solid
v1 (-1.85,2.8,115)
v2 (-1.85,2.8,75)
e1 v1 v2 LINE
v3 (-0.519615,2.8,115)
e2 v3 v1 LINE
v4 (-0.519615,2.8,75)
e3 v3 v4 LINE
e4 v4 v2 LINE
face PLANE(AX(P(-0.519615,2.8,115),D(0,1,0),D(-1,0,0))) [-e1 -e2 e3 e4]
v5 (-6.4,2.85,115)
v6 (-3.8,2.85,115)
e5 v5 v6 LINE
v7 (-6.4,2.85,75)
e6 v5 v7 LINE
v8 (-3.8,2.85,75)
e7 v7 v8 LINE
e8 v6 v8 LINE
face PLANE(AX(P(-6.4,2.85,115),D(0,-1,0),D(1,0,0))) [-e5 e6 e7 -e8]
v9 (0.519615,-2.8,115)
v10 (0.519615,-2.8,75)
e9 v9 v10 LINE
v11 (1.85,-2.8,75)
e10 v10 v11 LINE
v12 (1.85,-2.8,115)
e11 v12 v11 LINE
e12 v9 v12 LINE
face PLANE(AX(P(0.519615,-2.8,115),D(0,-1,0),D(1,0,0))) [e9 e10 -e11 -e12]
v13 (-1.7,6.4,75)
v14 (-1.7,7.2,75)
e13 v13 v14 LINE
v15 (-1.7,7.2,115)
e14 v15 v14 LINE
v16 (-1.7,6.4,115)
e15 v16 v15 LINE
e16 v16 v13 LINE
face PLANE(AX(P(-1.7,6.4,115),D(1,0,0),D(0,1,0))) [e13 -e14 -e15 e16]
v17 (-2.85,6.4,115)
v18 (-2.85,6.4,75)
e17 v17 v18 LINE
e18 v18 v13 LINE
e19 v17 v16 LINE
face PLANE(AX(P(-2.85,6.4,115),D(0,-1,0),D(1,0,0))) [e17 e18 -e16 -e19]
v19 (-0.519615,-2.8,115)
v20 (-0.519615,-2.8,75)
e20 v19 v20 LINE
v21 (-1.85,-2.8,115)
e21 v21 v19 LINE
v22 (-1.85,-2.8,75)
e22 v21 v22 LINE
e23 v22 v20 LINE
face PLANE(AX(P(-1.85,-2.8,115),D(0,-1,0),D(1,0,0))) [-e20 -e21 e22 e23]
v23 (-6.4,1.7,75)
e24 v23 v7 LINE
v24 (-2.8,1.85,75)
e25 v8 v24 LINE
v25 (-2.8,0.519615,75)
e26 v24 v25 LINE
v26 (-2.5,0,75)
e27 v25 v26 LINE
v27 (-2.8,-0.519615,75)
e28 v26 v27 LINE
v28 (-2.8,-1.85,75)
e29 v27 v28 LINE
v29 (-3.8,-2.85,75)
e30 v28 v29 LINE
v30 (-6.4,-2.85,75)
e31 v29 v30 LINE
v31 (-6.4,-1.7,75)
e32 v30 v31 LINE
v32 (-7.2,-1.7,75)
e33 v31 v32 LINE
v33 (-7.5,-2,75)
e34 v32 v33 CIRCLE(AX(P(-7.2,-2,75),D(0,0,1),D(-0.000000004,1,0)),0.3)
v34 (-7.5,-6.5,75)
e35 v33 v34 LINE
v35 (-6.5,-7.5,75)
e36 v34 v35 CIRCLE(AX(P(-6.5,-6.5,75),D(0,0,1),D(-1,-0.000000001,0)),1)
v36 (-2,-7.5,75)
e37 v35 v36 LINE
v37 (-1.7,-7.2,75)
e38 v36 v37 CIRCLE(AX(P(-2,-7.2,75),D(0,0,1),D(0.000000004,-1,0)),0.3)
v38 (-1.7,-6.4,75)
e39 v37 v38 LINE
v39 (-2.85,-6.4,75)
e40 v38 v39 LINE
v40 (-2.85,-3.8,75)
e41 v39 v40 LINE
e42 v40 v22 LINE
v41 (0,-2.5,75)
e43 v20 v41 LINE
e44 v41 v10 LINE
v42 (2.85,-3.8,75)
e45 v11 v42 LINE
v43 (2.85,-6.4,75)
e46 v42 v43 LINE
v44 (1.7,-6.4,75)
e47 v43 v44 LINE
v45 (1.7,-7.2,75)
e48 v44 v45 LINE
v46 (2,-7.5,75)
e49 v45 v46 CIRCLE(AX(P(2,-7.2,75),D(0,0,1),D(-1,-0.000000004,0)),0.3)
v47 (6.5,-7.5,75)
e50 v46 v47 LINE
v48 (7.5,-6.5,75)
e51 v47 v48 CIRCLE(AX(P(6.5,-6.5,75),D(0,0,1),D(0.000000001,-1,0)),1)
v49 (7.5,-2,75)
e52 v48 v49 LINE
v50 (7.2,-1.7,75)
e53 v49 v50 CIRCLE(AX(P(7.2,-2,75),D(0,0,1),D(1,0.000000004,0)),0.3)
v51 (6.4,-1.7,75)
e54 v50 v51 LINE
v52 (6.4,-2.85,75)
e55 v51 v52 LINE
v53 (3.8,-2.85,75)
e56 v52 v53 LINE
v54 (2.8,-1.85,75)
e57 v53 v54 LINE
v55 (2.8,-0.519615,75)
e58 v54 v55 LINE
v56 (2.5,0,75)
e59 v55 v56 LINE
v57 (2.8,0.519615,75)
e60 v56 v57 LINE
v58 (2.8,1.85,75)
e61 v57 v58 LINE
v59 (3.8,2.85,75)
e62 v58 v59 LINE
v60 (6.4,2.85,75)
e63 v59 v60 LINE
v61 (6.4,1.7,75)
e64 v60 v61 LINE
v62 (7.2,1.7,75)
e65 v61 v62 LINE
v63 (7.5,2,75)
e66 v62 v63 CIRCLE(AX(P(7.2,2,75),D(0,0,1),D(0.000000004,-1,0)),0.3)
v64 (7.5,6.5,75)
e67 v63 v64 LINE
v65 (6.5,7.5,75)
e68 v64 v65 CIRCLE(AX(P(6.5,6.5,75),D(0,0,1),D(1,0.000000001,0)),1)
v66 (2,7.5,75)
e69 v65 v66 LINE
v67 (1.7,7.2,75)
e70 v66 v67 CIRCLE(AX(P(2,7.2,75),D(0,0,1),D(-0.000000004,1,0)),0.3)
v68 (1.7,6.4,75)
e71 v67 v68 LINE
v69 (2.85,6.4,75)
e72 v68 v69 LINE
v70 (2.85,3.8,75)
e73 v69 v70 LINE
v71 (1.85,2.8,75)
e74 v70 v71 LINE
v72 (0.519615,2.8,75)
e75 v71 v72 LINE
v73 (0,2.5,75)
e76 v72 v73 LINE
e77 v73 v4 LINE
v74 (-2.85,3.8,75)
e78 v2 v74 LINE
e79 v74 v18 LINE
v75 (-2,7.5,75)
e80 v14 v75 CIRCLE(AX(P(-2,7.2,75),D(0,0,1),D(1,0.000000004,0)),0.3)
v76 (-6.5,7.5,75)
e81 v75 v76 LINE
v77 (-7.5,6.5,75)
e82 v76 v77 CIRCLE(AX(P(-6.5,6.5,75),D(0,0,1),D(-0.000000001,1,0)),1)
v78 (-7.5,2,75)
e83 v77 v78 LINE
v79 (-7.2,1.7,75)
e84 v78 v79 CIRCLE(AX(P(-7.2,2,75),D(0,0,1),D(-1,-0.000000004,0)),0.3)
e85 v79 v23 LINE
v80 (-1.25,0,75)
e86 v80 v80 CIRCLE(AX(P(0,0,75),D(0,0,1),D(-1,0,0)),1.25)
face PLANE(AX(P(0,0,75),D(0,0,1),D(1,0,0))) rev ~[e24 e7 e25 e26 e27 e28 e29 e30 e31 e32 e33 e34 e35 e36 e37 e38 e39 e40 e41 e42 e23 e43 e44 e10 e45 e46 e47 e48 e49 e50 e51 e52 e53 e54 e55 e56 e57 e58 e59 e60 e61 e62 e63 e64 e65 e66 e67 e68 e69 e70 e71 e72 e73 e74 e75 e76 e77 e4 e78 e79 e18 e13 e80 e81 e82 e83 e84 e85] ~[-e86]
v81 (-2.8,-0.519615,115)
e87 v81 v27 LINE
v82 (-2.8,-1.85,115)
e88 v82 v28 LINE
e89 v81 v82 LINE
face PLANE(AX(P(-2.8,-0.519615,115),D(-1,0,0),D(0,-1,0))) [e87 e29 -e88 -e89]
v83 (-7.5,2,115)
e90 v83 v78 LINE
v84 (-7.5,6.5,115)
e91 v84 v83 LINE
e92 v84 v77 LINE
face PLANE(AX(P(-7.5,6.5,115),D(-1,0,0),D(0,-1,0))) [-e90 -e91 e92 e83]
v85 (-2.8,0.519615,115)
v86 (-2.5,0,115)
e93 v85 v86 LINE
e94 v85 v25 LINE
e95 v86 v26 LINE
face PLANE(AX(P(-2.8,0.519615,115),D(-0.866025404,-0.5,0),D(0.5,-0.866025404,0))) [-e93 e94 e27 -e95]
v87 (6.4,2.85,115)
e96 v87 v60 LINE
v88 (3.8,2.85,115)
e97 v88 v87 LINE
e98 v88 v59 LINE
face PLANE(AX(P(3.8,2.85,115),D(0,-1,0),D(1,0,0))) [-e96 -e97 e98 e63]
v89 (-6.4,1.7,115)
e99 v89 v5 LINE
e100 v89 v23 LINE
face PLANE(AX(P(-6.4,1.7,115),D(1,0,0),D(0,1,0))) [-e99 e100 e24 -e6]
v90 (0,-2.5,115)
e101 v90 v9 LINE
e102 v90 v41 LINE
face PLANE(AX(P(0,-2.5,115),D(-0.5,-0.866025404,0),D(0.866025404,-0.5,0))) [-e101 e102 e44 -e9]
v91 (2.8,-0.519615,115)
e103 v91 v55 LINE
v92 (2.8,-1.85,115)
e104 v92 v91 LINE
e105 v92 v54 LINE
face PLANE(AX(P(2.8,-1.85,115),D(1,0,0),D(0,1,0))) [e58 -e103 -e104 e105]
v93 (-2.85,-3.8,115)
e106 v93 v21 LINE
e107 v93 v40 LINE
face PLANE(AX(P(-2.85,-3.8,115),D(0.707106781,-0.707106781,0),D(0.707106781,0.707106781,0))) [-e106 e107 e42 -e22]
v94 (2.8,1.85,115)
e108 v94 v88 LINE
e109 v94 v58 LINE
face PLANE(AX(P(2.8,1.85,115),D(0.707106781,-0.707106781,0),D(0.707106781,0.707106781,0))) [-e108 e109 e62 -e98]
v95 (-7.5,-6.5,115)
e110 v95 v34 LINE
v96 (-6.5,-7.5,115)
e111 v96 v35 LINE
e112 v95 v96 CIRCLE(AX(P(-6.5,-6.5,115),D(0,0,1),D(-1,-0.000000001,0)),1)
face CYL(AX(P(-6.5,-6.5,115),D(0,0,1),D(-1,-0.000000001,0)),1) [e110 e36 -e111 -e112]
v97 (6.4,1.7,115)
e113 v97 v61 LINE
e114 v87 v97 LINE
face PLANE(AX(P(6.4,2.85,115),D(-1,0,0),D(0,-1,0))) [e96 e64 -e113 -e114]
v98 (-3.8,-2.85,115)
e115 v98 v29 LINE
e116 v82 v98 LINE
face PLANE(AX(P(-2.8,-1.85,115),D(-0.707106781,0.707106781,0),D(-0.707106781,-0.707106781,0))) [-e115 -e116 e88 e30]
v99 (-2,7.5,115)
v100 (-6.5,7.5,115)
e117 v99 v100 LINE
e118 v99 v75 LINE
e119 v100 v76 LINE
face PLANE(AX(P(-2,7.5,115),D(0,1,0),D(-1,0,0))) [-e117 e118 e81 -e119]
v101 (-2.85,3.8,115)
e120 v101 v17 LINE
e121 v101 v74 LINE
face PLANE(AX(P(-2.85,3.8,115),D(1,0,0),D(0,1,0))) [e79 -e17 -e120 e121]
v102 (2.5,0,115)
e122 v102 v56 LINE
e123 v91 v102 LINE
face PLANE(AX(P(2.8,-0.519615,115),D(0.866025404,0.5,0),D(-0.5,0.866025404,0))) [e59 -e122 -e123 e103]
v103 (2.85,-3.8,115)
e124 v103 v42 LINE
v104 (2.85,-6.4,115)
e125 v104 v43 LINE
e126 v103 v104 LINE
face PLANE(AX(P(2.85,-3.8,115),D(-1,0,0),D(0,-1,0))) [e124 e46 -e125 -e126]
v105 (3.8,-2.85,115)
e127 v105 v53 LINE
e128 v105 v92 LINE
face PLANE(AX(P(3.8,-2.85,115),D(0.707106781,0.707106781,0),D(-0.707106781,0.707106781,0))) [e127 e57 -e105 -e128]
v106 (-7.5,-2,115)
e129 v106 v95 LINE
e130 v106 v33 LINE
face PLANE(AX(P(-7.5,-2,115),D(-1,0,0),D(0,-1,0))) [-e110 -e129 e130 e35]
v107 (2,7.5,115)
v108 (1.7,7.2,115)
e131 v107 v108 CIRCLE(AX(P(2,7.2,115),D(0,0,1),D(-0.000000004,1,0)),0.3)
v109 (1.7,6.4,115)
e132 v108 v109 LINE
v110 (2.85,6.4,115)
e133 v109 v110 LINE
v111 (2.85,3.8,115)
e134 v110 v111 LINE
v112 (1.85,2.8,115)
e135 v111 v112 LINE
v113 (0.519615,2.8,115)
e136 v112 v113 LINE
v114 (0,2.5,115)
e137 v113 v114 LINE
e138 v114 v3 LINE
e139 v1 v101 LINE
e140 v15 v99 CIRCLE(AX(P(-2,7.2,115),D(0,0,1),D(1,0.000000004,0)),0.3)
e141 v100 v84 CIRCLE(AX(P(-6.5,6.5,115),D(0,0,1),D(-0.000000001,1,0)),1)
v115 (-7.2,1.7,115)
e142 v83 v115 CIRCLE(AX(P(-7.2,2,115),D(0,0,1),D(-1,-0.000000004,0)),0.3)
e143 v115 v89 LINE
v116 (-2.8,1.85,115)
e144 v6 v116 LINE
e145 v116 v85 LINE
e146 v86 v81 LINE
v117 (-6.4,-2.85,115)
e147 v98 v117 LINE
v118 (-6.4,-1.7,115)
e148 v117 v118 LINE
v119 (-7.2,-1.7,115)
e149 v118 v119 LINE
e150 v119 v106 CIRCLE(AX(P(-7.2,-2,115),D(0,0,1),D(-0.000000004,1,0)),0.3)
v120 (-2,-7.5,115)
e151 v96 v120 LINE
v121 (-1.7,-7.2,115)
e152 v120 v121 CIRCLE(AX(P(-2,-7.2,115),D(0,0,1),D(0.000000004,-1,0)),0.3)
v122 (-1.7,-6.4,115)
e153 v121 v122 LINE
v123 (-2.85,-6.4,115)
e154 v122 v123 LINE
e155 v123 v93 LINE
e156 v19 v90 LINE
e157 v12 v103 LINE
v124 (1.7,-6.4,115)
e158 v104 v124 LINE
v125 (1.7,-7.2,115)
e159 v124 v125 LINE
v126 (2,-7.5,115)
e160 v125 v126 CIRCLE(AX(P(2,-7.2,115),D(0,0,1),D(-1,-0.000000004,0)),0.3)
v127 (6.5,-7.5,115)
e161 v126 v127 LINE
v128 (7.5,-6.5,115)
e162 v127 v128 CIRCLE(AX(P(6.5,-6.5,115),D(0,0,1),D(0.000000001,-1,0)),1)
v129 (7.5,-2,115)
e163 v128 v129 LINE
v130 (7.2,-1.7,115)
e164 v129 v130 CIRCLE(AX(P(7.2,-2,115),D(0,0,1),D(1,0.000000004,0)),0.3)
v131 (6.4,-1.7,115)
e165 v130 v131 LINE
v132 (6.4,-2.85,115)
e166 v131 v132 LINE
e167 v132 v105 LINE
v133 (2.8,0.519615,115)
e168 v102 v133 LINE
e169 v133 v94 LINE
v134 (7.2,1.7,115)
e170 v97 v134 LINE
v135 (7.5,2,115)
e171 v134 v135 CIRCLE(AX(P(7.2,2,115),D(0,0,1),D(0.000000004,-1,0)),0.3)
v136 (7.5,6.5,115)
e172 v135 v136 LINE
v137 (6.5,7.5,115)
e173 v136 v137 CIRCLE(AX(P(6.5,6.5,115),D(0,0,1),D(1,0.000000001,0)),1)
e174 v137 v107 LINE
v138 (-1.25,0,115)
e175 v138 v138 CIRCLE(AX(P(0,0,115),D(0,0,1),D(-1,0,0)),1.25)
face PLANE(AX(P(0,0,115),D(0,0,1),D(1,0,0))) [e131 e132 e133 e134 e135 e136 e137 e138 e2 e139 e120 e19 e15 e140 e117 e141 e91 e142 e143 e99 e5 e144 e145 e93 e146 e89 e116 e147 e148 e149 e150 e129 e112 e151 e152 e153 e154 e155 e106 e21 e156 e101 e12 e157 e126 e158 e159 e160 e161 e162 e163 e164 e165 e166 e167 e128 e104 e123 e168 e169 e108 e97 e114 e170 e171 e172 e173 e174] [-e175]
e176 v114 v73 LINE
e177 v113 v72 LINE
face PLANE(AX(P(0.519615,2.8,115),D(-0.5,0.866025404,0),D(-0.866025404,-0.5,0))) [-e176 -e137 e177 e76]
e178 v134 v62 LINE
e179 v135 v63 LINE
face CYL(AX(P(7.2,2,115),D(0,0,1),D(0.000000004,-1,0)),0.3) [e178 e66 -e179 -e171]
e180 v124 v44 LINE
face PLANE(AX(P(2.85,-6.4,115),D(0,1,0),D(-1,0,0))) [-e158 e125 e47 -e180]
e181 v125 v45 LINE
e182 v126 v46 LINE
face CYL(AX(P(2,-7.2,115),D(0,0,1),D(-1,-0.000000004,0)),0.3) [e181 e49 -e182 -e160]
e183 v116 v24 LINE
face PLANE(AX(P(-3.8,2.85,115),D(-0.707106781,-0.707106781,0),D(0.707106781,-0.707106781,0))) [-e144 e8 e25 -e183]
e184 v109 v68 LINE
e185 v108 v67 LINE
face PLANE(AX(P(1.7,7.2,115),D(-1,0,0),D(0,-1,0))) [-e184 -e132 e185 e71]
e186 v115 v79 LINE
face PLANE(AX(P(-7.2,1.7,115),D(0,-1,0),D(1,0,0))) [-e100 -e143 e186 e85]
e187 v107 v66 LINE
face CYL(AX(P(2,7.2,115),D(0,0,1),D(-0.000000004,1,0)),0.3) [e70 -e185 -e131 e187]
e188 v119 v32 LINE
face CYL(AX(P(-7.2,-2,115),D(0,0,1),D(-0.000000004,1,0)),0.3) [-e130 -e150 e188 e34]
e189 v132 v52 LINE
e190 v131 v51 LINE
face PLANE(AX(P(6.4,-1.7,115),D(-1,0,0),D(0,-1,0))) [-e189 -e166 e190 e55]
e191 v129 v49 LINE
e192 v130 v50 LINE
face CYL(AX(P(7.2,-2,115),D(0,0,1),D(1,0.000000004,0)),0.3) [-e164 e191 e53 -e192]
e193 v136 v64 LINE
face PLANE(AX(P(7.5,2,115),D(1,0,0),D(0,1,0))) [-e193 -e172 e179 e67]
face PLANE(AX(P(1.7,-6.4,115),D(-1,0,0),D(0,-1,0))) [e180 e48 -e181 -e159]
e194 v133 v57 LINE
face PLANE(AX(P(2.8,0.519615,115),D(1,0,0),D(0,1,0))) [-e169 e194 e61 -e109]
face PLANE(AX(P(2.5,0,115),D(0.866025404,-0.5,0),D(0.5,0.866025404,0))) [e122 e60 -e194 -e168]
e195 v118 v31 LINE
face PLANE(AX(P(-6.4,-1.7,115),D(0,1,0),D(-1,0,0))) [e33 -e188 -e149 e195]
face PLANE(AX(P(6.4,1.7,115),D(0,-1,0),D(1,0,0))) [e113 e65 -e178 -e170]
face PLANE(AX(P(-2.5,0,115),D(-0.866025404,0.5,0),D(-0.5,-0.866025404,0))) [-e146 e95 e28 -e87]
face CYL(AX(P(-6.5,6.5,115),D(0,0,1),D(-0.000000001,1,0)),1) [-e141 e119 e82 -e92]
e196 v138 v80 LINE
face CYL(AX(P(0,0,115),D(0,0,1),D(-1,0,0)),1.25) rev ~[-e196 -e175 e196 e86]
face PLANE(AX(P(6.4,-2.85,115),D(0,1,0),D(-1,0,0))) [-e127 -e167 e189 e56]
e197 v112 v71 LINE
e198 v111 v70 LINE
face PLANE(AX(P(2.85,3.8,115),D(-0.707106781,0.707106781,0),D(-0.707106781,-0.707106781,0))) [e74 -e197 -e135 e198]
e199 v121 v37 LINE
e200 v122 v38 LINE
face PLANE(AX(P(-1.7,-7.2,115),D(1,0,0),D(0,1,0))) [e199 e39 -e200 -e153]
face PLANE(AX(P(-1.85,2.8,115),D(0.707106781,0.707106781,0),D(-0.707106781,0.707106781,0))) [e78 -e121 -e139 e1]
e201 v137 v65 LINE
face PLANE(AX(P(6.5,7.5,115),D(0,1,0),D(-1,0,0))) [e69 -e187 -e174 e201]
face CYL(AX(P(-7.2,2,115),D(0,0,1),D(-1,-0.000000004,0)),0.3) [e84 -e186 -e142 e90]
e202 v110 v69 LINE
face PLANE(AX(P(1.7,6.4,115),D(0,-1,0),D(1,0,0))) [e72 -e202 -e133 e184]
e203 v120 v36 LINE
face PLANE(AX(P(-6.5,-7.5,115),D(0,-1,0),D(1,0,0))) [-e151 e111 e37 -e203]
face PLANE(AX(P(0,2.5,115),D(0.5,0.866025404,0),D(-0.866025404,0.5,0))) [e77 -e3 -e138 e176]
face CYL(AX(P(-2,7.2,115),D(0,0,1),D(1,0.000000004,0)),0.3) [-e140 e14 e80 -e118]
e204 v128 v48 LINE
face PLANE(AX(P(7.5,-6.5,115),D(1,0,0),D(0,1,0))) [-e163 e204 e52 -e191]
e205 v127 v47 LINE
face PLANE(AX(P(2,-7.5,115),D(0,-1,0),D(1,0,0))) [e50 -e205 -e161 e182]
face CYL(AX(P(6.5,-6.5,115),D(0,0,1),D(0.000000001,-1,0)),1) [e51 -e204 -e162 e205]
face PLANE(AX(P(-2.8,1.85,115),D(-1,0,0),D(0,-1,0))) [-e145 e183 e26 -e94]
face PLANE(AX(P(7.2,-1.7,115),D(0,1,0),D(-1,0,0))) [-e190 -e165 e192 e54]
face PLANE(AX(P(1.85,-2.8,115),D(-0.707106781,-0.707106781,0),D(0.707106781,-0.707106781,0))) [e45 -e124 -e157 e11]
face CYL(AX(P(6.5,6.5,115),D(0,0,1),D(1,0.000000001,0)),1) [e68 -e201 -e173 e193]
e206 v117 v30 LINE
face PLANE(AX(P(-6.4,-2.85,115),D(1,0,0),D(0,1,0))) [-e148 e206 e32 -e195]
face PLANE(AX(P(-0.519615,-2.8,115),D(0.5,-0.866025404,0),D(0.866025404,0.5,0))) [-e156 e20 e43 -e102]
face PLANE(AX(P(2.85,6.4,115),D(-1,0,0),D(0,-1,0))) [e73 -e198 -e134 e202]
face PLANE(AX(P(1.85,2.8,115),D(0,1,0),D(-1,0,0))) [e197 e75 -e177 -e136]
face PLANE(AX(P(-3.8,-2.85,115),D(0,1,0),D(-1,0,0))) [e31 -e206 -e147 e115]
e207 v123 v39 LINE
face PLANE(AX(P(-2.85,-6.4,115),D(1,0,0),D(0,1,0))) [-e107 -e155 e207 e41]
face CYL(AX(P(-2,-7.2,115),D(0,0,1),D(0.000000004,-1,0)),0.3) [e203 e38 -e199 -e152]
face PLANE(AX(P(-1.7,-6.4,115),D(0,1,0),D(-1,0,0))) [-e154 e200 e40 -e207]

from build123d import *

# Parameters (mm, degrees)
SKETCH1_R           = 1.25
BOSS_EXTRUDE1_DEPTH = 40


with BuildPart() as part:
    # Sketch1 → Boss-Extrude1 (new body)
    with BuildSketch(Plane.XY.offset(115)):
        with BuildLine():
            Line((-7.5, 6.5), (-7.5, 2))
            ThreePointArc((-7.5, 2), (-7.412132034, 1.787867966), (-7.2, 1.7))
            Line((-7.2, 1.7), (-6.4, 1.7))
            Line((-6.4, 1.7), (-6.4, 2.85))
            Line((-6.4, 2.85), (-3.8, 2.85))
            Line((-3.8, 2.85), (-2.8, 1.85))
            Line((-2.8, 1.85), (-2.8, 0.519615242))
            Line((-2.8, 0.519615242), (-2.5, 0))
            Line((-2.5, 0), (-2.8, -0.519615242))
            Line((-2.8, -0.519615242), (-2.8, -1.85))
            Line((-2.8, -1.85), (-3.8, -2.85))
            Line((-3.8, -2.85), (-6.4, -2.85))
            Line((-6.4, -2.85), (-6.4, -1.7))
            Line((-6.4, -1.7), (-7.2, -1.7))
            ThreePointArc((-7.2, -1.7), (-7.412132034, -1.787867966), (-7.5, -2))
            Line((-7.5, -2), (-7.5, -6.5))
            ThreePointArc((-7.5, -6.5), (-7.207106781, -7.207106781), (-6.5, -7.5))
            Line((-6.5, -7.5), (-2, -7.5))
            ThreePointArc((-2, -7.5), (-1.787867966, -7.412132034), (-1.7, -7.2))
            Line((-1.7, -7.2), (-1.7, -6.4))
            Line((-1.7, -6.4), (-2.85, -6.4))
            Line((-2.85, -6.4), (-2.85, -3.8))
            Line((-2.85, -3.8), (-1.85, -2.8))
            Line((-1.85, -2.8), (-0.519615242, -2.8))
            Line((-0.519615242, -2.8), (0, -2.5))
            Line((0, -2.5), (0.519615242, -2.8))
            Line((0.519615242, -2.8), (1.85, -2.8))
            Line((1.85, -2.8), (2.85, -3.8))
            Line((2.85, -3.8), (2.85, -6.4))
            Line((2.85, -6.4), (1.7, -6.4))
            Line((1.7, -6.4), (1.7, -7.2))
            ThreePointArc((1.7, -7.2), (1.787867966, -7.412132034), (2, -7.5))
            Line((2, -7.5), (6.5, -7.5))
            ThreePointArc((6.5, -7.5), (7.207106781, -7.207106781), (7.5, -6.5))
            Line((7.5, -6.5), (7.5, -2))
            ThreePointArc((7.5, -2), (7.412132034, -1.787867966), (7.2, -1.7))
            Line((7.2, -1.7), (6.4, -1.7))
            Line((6.4, -1.7), (6.4, -2.85))
            Line((6.4, -2.85), (3.8, -2.85))
            Line((3.8, -2.85), (2.8, -1.85))
            Line((2.8, -1.85), (2.8, -0.519615242))
            Line((2.8, -0.519615242), (2.5, 0))
            Line((2.5, 0), (2.8, 0.519615242))
            Line((2.8, 0.519615242), (2.8, 1.85))
            Line((2.8, 1.85), (3.8, 2.85))
            Line((3.8, 2.85), (6.4, 2.85))
            Line((6.4, 2.85), (6.4, 1.7))
            Line((6.4, 1.7), (7.2, 1.7))
            ThreePointArc((7.2, 1.7), (7.412132034, 1.787867966), (7.5, 2))
            Line((7.5, 2), (7.5, 6.5))
            ThreePointArc((7.5, 6.5), (7.207106781, 7.207106781), (6.5, 7.5))
            Line((6.5, 7.5), (2, 7.5))
            ThreePointArc((2, 7.5), (1.787867966, 7.412132034), (1.7, 7.2))
            Line((1.7, 7.2), (1.7, 6.4))
            Line((1.7, 6.4), (2.85, 6.4))
            Line((2.85, 6.4), (2.85, 3.8))
            Line((2.85, 3.8), (1.85, 2.8))
            Line((1.85, 2.8), (0.519615242, 2.8))
            Line((0.519615242, 2.8), (0, 2.5))
            Line((0, 2.5), (-0.519615242, 2.8))
            Line((-0.519615242, 2.8), (-1.85, 2.8))
            Line((-1.85, 2.8), (-2.85, 3.8))
            Line((-2.85, 3.8), (-2.85, 6.4))
            Line((-2.85, 6.4), (-1.7, 6.4))
            Line((-1.7, 6.4), (-1.7, 7.2))
            ThreePointArc((-1.7, 7.2), (-1.787867966, 7.412132034), (-2, 7.5))
            Line((-2, 7.5), (-6.5, 7.5))
            ThreePointArc((-6.5, 7.5), (-7.207106781, 7.207106781), (-7.5, 6.5))
        make_face()
        with Locations(Location((0, 0, 0), (0, 0, 180))):
            Circle(SKETCH1_R, mode=Mode.SUBTRACT)
    extrude(amount=-BOSS_EXTRUDE1_DEPTH)


solid = part.part
